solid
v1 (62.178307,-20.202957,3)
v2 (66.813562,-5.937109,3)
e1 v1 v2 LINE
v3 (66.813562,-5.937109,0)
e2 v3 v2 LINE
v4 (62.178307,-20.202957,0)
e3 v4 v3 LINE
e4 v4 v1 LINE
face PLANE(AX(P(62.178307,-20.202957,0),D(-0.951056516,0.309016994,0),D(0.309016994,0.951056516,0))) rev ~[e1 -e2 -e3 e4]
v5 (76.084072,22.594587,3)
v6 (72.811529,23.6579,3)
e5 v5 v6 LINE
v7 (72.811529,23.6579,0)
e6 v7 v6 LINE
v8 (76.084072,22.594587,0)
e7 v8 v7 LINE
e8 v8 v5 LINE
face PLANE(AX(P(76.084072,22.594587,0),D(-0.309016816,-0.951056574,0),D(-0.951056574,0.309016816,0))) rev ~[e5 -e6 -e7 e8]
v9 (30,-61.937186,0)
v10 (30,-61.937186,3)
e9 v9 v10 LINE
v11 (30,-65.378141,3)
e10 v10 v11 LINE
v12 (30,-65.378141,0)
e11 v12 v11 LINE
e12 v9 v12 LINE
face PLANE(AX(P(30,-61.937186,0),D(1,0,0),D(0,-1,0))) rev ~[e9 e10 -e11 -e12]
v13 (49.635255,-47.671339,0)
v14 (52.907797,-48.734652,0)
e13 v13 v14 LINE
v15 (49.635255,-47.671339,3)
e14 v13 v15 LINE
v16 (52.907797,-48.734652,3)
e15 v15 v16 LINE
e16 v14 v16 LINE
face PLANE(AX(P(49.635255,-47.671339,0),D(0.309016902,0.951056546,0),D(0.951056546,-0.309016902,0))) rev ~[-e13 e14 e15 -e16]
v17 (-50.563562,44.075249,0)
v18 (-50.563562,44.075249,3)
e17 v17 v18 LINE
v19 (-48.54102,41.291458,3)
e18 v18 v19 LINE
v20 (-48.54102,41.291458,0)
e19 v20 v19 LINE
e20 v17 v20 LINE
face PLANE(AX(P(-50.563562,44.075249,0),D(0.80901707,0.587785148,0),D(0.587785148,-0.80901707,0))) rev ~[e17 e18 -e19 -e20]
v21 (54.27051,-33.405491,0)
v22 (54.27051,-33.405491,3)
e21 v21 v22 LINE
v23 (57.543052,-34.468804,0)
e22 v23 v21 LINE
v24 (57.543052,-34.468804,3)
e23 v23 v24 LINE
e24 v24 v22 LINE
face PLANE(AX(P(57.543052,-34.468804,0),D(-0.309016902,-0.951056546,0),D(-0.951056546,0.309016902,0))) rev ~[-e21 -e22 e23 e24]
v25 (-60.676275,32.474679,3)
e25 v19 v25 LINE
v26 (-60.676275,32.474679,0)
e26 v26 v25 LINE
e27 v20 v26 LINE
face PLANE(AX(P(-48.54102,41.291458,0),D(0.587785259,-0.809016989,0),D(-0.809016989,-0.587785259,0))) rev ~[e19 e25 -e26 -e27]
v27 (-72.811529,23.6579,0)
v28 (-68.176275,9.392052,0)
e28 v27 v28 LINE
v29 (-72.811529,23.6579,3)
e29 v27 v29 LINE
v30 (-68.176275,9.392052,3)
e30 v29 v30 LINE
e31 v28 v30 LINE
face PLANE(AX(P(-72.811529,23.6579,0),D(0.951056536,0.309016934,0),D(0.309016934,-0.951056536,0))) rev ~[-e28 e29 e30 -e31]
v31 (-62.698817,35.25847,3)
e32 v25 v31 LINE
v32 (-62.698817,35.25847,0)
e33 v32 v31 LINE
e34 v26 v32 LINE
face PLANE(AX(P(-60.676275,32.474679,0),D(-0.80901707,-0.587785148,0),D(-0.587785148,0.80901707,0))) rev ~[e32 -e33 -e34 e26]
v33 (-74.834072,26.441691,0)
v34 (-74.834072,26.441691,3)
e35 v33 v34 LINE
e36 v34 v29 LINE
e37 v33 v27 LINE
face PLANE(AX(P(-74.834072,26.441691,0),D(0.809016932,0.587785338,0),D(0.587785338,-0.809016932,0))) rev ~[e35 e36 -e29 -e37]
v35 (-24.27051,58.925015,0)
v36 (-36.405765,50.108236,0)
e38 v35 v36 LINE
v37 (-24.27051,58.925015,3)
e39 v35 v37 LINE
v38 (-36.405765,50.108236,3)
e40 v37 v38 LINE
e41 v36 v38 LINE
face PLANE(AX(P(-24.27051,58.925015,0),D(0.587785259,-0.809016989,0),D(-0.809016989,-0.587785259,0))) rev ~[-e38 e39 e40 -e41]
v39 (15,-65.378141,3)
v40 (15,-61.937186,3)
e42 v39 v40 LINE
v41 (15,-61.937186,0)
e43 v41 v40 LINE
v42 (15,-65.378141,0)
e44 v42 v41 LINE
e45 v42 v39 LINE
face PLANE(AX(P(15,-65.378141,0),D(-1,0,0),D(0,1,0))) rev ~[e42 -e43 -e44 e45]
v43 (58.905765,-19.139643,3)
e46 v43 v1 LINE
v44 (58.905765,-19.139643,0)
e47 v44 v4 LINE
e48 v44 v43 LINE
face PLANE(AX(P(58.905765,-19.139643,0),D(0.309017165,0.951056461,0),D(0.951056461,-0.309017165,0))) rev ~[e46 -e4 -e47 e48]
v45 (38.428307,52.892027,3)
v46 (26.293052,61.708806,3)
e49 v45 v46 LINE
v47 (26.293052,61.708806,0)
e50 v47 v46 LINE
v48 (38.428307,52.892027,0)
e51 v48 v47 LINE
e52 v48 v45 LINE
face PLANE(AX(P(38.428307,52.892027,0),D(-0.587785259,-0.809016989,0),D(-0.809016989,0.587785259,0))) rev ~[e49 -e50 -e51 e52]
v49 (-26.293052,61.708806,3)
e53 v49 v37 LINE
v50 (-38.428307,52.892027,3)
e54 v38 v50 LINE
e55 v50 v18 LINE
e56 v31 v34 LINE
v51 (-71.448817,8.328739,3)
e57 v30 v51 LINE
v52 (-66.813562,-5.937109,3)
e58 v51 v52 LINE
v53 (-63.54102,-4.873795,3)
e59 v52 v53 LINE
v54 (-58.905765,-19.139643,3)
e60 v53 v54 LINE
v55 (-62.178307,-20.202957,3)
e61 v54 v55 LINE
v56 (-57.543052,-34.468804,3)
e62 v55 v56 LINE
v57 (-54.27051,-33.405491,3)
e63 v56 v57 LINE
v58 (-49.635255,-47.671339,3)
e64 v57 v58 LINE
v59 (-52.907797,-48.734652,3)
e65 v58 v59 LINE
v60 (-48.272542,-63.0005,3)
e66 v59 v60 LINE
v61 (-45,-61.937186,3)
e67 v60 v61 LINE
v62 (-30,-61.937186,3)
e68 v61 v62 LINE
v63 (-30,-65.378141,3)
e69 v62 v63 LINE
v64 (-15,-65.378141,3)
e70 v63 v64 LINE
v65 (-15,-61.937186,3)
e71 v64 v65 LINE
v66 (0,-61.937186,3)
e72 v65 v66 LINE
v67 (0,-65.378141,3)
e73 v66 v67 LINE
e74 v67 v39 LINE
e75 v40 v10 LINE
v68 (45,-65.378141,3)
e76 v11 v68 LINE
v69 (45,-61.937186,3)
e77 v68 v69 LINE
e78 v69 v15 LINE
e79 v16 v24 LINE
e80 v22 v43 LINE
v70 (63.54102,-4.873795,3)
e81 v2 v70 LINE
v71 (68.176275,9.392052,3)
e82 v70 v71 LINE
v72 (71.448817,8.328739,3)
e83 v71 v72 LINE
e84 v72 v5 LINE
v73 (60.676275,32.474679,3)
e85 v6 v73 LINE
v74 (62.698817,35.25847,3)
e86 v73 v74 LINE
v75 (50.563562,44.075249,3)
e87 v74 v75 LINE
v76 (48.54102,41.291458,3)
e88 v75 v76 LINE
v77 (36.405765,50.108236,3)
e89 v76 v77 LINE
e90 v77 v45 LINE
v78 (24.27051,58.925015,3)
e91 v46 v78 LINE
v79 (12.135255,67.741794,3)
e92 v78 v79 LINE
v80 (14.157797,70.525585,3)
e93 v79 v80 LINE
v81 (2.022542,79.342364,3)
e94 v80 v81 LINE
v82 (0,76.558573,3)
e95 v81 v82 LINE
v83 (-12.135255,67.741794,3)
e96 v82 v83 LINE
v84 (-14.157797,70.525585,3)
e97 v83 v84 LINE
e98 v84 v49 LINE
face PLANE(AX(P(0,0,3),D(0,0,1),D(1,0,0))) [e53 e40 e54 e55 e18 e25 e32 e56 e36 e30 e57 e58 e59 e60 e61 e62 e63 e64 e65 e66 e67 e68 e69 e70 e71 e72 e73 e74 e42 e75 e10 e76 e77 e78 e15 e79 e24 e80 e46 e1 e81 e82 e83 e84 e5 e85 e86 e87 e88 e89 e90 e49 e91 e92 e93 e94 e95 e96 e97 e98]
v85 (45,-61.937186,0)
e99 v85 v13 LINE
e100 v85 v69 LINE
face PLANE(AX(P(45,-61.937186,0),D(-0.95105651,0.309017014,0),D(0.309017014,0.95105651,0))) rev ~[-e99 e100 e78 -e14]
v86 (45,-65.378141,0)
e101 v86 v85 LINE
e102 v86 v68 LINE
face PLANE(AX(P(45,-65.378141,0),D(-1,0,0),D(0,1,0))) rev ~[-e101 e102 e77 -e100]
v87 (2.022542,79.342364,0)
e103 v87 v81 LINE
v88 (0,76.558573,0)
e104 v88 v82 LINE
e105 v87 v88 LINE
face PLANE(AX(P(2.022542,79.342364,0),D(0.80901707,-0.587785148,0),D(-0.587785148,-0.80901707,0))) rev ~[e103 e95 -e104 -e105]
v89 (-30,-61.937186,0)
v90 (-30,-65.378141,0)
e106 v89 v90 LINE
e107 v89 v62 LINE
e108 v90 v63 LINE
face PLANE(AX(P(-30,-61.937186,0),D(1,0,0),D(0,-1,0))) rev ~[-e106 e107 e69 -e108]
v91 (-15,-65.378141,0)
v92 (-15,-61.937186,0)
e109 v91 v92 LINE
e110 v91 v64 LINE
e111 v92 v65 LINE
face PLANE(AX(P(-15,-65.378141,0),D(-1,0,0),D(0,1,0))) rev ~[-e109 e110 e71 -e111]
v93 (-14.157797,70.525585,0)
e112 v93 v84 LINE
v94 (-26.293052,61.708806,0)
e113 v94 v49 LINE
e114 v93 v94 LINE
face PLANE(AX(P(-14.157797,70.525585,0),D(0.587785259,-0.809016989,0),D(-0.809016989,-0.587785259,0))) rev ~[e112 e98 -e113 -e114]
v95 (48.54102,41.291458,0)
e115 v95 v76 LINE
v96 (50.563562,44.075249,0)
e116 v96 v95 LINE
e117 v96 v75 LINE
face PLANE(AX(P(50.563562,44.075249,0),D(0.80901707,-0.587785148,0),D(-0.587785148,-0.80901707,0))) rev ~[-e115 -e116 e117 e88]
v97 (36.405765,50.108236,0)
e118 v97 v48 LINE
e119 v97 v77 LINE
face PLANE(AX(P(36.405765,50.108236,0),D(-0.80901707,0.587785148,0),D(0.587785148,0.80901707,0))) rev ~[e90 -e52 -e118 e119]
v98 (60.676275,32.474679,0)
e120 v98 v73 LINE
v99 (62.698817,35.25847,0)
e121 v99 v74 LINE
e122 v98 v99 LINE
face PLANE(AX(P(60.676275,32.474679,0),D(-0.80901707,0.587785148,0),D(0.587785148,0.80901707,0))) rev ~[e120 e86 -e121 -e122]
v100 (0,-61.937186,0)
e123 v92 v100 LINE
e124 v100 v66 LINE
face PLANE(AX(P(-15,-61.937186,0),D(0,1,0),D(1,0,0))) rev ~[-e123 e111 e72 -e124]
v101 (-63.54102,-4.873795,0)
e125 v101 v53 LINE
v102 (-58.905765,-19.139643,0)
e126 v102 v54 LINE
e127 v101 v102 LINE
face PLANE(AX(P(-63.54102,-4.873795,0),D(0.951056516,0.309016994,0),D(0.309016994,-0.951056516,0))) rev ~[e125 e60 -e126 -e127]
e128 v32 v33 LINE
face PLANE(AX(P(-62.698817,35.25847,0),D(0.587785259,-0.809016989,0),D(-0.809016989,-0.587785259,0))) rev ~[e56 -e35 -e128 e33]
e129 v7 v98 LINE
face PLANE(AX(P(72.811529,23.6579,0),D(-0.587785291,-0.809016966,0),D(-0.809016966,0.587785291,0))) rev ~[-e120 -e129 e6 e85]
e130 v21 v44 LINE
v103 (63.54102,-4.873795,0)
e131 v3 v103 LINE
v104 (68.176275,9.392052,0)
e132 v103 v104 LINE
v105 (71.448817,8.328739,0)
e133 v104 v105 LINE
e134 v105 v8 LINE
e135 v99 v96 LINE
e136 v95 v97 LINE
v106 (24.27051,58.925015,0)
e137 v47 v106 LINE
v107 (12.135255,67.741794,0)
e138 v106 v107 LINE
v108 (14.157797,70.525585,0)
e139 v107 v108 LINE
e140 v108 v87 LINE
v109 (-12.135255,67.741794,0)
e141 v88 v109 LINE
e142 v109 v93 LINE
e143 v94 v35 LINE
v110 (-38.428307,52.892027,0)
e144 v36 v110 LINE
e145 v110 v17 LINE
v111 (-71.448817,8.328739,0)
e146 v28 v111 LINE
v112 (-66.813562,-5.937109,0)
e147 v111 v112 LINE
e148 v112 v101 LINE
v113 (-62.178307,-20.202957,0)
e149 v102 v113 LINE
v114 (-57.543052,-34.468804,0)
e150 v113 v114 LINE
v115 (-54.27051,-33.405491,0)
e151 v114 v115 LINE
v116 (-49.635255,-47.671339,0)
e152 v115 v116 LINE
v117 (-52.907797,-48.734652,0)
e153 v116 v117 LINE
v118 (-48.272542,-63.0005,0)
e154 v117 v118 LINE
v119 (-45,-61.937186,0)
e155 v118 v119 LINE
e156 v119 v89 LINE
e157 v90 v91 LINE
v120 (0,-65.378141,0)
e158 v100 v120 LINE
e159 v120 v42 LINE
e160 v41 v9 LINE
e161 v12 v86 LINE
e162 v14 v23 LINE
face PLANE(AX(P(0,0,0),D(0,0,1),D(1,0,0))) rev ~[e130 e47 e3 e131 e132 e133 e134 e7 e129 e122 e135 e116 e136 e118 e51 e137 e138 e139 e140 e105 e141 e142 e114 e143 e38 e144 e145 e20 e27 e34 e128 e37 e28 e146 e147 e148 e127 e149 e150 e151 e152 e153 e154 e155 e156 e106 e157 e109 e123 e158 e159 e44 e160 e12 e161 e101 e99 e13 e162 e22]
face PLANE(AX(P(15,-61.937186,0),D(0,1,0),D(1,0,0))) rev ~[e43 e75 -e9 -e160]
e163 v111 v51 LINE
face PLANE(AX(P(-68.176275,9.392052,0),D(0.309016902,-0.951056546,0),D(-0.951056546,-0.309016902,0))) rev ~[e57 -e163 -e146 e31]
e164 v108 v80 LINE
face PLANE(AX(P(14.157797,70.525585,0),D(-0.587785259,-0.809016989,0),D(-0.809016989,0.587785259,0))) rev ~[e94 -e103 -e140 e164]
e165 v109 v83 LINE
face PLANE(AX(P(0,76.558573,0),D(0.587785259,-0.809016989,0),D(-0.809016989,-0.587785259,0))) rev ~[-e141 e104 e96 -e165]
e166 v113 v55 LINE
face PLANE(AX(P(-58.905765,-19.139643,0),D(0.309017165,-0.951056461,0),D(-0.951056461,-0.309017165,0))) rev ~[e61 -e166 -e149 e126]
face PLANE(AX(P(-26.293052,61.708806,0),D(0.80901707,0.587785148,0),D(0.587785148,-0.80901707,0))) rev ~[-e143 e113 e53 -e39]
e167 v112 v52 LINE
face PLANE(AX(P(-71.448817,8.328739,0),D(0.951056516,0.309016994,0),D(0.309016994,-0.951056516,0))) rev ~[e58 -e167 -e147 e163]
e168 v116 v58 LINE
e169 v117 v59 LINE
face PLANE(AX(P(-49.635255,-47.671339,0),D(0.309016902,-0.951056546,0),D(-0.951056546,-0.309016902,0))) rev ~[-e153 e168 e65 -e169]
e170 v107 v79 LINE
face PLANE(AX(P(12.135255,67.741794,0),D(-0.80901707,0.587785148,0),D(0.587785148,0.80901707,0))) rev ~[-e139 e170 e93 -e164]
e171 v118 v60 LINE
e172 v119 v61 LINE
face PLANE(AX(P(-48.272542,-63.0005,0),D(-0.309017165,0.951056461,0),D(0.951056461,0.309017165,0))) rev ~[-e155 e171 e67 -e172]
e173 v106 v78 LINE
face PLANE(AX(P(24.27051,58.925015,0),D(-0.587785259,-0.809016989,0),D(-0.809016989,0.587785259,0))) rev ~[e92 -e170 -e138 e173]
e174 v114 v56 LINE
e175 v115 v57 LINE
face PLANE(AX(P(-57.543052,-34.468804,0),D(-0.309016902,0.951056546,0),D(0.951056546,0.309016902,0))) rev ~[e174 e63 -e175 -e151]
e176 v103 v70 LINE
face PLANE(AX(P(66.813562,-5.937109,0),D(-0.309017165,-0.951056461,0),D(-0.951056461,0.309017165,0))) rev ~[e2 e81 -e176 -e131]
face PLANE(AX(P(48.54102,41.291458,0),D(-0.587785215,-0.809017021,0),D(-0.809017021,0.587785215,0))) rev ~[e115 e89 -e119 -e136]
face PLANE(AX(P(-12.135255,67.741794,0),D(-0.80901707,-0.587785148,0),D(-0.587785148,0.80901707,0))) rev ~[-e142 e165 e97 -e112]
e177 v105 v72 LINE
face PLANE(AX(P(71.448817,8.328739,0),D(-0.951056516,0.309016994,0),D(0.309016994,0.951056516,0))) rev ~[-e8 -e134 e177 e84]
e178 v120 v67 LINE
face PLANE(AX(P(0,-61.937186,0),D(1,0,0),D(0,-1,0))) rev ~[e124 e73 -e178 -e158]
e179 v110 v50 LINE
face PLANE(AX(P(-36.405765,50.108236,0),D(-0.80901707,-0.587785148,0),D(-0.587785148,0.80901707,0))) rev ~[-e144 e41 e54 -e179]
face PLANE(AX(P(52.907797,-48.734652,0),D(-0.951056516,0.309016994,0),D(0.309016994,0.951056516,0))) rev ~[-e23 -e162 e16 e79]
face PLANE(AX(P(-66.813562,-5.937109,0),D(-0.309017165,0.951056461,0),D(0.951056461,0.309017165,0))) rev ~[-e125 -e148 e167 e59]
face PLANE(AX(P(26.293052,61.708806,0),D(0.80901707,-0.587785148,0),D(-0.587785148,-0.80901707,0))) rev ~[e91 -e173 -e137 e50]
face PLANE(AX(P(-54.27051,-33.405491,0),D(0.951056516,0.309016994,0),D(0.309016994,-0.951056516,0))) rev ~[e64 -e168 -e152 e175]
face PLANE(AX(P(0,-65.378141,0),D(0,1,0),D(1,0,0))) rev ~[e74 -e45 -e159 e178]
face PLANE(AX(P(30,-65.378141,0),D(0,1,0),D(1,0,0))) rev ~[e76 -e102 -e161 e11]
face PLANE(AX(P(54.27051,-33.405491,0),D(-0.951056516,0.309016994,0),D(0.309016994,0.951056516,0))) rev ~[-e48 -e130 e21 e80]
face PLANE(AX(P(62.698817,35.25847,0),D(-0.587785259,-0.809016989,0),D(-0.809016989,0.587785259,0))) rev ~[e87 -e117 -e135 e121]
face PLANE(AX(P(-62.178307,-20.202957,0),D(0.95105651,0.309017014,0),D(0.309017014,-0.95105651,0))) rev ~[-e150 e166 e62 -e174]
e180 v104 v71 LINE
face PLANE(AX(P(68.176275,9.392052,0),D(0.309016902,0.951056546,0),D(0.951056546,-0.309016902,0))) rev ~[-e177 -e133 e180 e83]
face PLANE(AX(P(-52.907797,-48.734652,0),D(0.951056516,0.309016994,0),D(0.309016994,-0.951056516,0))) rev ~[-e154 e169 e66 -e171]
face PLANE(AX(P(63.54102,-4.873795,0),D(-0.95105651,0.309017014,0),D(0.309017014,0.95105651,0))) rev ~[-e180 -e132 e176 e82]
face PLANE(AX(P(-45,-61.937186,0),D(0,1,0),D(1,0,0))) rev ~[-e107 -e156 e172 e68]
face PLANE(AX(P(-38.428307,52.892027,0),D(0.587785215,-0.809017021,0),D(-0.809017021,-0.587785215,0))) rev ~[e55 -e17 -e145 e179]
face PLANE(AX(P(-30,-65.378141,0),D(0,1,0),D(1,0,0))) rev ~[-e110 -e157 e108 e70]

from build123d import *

# Parameters (mm, degrees)
F1_DEPTH = 3


with BuildPart() as f1:
    # F0 (on Top) → F1 (new body)
    with BuildSketch(Plane.XY):
        Polygon((63.54102, -4.873795), (68.176275, 9.392052), (71.448817, 8.328739), (76.084072, 22.594587), (72.811529, 23.6579), (60.676275, 32.474679), (62.698817, 35.25847), (50.563562, 44.075249), (48.54102, 41.291458), (36.405765, 50.108236), (38.428307, 52.892027), (26.293052, 61.708806), (24.27051, 58.925015), (12.135255, 67.741794), (14.157797, 70.525585), (2.022542, 79.342364), (0, 76.558573), (-12.135255, 67.741794), (-14.157797, 70.525585), (-26.293052, 61.708806), (-24.27051, 58.925015), (-36.405765, 50.108236), (-38.428307, 52.892027), (-50.563562, 44.075249), (-48.54102, 41.291458), (-60.676275, 32.474679), (-62.698817, 35.25847), (-74.834072, 26.441691), (-72.811529, 23.6579), (-68.176275, 9.392052), (-71.448817, 8.328739), (-66.813562, -5.937109), (-63.54102, -4.873795), (-58.905765, -19.139643), (-62.178307, -20.202957), (-57.543052, -34.468804), (-54.27051, -33.405491), (-49.635255, -47.671339), (-52.907797, -48.734652), (-48.272542, -63.0005), (-45, -61.937186), (-30, -61.937186), (-30, -65.378141), (-15, -65.378141), (-15, -61.937186), (0, -61.937186), (0, -65.378141), (15, -65.378141), (15, -61.937186), (30, -61.937186), (30, -65.378141), (45, -65.378141), (45, -61.937186), (49.635255, -47.671339), (52.907797, -48.734652), (57.543052, -34.468804), (54.27051, -33.405491), (58.905765, -19.139643), (62.178307, -20.202957), (66.813562, -5.937109), align=None)
    extrude(amount=F1_DEPTH)


solid = f1.part
